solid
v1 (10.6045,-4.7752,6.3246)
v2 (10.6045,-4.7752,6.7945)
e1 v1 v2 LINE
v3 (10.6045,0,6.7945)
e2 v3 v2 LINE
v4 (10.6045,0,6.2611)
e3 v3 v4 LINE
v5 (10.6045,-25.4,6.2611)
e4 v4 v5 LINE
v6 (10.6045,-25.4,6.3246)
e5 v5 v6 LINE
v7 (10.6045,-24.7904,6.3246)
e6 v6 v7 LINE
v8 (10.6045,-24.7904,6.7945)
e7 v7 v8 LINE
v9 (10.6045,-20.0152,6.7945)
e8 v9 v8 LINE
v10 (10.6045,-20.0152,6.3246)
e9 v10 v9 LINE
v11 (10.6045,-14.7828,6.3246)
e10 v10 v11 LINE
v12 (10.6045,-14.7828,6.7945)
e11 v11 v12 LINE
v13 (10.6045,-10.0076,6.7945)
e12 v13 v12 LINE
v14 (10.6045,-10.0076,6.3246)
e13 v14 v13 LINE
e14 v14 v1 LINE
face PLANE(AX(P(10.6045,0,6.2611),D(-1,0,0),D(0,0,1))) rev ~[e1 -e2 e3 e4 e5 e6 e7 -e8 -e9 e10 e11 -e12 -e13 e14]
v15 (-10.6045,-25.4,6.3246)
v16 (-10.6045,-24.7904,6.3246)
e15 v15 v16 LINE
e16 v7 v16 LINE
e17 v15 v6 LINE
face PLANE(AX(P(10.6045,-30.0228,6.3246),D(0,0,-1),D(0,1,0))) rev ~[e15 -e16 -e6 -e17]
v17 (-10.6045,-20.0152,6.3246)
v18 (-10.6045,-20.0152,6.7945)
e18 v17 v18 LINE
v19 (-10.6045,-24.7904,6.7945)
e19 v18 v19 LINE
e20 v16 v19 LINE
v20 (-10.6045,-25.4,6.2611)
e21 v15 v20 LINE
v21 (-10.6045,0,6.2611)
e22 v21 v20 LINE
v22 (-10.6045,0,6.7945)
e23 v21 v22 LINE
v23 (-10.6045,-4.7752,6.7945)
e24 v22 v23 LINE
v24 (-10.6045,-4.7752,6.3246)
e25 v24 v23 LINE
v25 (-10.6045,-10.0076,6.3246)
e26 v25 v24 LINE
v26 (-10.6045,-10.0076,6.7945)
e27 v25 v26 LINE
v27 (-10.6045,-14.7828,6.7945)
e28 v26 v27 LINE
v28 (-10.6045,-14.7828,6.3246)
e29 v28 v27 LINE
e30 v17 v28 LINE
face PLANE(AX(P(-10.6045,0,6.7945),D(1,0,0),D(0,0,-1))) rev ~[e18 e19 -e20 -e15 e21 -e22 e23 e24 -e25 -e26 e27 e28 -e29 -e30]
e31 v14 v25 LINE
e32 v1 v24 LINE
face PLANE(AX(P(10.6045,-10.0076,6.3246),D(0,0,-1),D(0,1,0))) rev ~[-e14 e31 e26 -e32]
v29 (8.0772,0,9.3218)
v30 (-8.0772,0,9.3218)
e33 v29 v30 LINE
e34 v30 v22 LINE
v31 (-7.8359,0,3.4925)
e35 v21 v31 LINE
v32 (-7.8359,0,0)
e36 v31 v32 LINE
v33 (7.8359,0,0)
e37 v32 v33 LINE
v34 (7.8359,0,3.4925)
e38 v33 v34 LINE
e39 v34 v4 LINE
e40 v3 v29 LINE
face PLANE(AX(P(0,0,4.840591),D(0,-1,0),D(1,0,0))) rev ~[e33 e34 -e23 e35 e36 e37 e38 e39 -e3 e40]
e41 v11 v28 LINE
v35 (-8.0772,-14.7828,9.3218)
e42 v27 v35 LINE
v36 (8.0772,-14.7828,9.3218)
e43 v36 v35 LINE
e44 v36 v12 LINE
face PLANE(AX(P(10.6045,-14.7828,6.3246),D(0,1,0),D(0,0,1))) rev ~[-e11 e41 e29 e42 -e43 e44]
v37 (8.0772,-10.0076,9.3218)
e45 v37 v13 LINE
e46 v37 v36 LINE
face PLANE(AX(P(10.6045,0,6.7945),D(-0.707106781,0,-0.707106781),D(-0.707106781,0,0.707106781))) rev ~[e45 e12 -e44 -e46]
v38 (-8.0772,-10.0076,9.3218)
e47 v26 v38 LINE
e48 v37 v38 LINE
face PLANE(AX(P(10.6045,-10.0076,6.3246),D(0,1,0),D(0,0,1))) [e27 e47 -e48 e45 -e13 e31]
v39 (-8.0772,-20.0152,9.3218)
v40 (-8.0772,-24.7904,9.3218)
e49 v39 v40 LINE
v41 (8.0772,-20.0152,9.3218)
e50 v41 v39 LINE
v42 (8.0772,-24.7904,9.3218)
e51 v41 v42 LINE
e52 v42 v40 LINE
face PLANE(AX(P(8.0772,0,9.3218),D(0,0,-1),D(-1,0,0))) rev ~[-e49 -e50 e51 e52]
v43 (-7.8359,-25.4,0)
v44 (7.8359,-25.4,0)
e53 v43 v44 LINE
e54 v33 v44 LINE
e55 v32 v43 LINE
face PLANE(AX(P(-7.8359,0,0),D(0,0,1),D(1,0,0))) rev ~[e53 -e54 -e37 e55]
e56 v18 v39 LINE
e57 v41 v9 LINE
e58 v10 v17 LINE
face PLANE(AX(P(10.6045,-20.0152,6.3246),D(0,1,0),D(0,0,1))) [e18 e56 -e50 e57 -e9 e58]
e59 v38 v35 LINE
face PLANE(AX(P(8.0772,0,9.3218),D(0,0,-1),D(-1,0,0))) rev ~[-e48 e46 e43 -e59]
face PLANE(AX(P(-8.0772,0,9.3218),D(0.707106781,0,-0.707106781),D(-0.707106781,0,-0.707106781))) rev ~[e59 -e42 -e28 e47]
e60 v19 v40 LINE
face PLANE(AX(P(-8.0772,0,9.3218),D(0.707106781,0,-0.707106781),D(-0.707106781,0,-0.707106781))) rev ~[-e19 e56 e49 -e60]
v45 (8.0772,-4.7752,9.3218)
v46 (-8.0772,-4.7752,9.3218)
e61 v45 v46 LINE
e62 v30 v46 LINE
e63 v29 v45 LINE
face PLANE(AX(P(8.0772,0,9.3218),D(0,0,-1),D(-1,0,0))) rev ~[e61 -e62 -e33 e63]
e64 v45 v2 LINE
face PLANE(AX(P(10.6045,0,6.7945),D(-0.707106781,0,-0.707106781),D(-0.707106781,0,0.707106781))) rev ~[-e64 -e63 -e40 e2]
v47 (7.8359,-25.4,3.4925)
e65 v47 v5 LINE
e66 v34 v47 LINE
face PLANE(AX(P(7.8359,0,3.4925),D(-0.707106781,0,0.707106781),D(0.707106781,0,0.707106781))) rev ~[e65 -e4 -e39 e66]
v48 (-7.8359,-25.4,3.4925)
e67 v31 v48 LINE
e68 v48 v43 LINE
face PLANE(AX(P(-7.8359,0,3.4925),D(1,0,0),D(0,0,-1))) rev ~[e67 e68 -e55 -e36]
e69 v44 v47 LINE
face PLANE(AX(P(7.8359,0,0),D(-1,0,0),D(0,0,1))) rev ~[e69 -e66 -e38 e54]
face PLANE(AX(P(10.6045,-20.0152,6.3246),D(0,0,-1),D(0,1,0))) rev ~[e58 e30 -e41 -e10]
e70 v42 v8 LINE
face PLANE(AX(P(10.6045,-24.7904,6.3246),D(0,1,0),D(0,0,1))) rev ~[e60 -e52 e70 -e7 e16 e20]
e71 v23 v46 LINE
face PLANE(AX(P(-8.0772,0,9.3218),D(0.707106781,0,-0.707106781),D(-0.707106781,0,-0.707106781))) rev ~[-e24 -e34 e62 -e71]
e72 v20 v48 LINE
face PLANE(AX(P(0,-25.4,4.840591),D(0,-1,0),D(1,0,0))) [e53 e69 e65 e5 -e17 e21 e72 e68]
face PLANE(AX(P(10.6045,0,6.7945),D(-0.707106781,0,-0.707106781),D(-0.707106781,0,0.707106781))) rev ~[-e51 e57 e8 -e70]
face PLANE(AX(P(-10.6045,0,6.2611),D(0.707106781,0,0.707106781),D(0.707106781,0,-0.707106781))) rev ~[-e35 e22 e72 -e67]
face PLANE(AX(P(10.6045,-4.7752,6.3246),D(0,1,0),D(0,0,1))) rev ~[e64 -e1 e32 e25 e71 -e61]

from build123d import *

# Parameters (mm, degrees)
F1_DEPTH = 25.4
F2_W     = 5.2324
F2_H     = 2.9972
F3_DEPTH = 21.21


with BuildPart() as f1:
    # F0 (on Front) → F1 (new body)
    with BuildSketch(Plane.XZ):
        Polygon((-7.8359, 3.4925), (-7.8359, 0), (7.8359, 0), (7.8359, 3.4925), (10.6045, 6.2611), (10.6045, 6.7945), (8.0772, 9.3218), (-8.0772, 9.3218), (-10.6045, 6.7945), (-10.6045, 6.2611), align=None)
    extrude(amount=F1_DEPTH)

    # F2 (on face) → F3 (cut, through all)
    with BuildSketch(Plane.YZ.offset(10.6045)):
        with Locations((2.6162, 7.8232)):
            Rectangle(F2_W, F2_H)
        with Locations((-7.3914, 7.8232)):
            Rectangle(F2_W, F2_H)
        with Locations((-17.399, 7.8232)):
            Rectangle(F2_W, F2_H)
        with Locations((-27.4066, 7.8232)):
            Rectangle(F2_W, F2_H)
    extrude(amount=-F3_DEPTH, mode=Mode.SUBTRACT)


solid = f1.part
